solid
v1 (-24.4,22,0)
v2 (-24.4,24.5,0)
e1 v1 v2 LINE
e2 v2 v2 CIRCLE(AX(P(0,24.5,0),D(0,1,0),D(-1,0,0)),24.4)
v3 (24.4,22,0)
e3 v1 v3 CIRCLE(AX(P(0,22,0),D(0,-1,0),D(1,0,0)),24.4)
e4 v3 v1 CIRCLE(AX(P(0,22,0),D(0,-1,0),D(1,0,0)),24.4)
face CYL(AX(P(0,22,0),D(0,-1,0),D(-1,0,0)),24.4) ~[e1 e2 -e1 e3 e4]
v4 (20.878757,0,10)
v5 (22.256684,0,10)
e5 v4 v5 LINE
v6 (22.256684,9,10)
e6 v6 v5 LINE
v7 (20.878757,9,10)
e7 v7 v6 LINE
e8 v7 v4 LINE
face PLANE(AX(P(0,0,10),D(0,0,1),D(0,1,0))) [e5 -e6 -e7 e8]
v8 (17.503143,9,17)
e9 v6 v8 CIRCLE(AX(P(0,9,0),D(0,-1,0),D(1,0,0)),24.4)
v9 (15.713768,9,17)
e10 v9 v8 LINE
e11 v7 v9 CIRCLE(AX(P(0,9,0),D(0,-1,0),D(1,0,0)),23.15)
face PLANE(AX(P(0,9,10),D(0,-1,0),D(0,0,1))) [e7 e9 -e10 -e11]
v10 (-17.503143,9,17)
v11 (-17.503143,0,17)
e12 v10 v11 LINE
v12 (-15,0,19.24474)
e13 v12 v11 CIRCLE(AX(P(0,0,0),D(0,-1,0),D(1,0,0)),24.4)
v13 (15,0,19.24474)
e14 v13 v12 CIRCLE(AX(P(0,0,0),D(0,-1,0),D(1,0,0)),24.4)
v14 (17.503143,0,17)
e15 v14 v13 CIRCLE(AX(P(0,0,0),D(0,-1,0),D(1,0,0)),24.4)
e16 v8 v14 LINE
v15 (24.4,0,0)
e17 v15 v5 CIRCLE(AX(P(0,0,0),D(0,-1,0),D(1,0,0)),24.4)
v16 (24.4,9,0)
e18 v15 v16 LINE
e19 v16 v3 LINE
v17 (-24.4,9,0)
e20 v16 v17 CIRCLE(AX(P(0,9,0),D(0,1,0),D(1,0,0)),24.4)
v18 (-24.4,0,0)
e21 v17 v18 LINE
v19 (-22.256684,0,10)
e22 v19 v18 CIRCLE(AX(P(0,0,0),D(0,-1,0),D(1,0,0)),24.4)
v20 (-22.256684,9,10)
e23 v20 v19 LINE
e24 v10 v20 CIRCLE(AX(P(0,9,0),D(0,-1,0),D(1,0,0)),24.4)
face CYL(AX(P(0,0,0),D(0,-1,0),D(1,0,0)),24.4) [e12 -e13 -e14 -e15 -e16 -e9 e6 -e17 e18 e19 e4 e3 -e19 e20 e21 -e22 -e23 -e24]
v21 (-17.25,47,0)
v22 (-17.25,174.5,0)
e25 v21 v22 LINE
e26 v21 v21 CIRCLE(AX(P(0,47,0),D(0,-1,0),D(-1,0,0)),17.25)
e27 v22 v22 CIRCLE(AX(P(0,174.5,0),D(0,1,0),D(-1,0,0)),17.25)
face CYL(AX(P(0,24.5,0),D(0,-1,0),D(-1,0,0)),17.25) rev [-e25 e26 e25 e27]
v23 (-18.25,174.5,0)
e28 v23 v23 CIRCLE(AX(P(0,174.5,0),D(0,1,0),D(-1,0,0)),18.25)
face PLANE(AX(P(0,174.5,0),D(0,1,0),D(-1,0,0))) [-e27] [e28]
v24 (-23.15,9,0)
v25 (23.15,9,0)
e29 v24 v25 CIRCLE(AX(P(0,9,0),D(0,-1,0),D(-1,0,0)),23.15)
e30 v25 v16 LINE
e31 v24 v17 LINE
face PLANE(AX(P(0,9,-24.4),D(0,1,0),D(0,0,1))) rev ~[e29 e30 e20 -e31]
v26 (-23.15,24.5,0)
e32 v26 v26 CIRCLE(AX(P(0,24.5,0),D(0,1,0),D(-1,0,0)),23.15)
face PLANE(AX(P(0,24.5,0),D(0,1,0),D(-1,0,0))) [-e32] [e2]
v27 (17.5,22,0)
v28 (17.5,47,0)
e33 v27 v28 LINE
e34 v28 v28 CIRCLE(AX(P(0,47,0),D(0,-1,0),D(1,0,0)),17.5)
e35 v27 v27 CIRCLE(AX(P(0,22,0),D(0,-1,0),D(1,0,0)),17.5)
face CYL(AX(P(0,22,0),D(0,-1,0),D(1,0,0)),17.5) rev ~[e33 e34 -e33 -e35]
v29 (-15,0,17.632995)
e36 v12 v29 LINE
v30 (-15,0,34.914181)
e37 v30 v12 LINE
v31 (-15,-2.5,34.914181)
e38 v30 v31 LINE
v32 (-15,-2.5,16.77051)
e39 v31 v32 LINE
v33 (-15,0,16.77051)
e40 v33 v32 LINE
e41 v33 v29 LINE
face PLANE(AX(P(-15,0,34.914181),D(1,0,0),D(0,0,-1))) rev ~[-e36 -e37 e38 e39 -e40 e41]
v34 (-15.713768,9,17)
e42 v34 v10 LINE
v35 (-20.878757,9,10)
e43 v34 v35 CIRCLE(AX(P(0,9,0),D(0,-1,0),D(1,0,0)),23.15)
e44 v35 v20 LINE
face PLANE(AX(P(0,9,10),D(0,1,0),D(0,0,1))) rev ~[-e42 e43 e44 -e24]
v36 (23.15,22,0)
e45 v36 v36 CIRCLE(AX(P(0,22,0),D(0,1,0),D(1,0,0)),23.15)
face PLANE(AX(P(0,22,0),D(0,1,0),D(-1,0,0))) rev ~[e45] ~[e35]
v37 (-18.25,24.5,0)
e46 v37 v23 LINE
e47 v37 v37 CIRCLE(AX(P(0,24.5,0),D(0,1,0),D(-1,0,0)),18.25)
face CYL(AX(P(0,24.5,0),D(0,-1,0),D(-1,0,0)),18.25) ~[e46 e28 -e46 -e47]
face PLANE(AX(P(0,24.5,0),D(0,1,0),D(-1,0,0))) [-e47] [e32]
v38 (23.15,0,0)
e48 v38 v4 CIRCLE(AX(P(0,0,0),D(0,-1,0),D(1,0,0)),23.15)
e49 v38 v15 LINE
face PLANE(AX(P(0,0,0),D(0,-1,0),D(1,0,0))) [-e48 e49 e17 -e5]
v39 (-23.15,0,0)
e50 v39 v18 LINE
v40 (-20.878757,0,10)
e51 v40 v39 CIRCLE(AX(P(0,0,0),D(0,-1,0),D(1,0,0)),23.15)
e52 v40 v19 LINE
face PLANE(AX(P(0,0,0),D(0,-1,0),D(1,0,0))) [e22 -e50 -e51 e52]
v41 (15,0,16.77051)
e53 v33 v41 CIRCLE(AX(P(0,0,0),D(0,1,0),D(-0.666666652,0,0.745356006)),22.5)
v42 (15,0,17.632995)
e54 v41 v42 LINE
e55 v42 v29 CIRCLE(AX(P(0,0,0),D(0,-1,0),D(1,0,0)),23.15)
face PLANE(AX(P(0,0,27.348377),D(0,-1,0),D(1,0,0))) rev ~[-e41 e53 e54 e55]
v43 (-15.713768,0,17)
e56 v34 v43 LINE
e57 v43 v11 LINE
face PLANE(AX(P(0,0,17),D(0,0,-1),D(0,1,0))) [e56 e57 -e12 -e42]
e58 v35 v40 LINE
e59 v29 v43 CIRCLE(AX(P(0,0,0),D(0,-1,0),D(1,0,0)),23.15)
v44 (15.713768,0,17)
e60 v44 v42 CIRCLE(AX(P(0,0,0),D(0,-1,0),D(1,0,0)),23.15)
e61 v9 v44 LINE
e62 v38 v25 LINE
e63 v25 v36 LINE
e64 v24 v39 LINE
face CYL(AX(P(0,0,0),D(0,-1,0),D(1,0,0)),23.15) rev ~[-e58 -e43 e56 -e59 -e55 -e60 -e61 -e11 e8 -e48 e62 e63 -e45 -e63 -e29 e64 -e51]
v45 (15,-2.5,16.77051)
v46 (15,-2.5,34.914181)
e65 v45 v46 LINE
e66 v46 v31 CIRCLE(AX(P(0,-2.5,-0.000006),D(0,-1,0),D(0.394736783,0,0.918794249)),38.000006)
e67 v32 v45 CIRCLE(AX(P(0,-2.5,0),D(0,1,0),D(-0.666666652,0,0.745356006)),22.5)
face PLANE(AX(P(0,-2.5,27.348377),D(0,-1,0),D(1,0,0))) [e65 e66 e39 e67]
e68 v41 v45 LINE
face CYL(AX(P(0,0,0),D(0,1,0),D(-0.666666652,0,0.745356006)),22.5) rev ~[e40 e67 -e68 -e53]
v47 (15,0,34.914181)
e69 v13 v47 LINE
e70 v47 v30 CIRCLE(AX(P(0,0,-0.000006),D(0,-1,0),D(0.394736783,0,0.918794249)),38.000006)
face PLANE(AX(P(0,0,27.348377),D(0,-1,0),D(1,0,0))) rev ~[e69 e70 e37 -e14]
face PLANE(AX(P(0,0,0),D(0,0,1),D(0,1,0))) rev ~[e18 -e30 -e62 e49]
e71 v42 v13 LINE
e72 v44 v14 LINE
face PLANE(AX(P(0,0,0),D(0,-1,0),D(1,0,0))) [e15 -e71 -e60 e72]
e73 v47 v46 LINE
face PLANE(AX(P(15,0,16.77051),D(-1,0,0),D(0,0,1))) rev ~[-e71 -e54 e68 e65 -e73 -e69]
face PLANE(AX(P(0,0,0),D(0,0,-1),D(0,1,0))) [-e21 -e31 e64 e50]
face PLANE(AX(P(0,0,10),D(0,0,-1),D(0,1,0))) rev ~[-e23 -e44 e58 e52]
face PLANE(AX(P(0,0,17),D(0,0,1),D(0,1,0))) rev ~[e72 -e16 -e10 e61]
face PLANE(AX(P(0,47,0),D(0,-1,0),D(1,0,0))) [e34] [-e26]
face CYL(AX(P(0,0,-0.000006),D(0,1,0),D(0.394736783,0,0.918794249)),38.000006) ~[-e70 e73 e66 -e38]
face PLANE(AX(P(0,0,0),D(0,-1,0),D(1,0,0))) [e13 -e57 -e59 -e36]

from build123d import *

# Parameters (mm, degrees)
F0_R      = 24.4
F0_R_2    = 23.15
F1_DEPTH  = 22
F3_DEPTH  = 2.5
F4_W      = 9
F4_H      = 7
F5_DEPTH  = 25
F6_W      = 9
F6_H      = 7
F7_DEPTH  = 25
F8_W      = 9
F8_H      = 24.4
F9_DEPTH  = 25
F10_W     = 9
F10_H     = 24.4
F11_DEPTH = 25
F13_R     = 24.4
F12_R     = 24.4
F12_R_2   = 23.15
F14_DEPTH = 2.5
F15_R     = 18.25
F15_R_2   = 17.25
F16_DEPTH = 150
F17_R     = 17.5
F18_DEPTH = 25


with BuildPart() as f1:
    # F0 (on Front) → F1 (new body)
    with BuildSketch(Plane.XZ):
        Circle(F0_R)
        Circle(F0_R_2, mode=Mode.SUBTRACT)
    extrude(amount=-F1_DEPTH)

    # F2 (on Front) → F3 (join)
    with BuildSketch(Plane.XZ):
        with BuildLine():
            Line((15, 16.77051), (15, 34.914181))
            ThreePointArc((15, 34.914181), (0, 38), (-15, 34.914181))
            Line((-15, 34.914181), (-15, 16.77051))
            ThreePointArc((-15, 16.77051), (0, 22.5), (15, 16.77051))
        make_face()
    extrude(amount=F3_DEPTH)

    # F4 (on Right) → F5 (cut)
    with BuildSketch(Plane.YZ):
        with Locations((4.5, 13.5)):
            Rectangle(F4_W, F4_H)
    extrude(amount=-F5_DEPTH, mode=Mode.SUBTRACT)

    # F6 (on Right) → F7 (cut)
    with BuildSketch(Plane.YZ):
        with Locations((4.5, 13.5)):
            Rectangle(F6_W, F6_H)
    extrude(amount=F7_DEPTH, mode=Mode.SUBTRACT)

    # F8 (on Right) → F9 (cut)
    with BuildSketch(Plane.YZ):
        with Locations((4.5, -12.2)):
            Rectangle(F8_W, F8_H)
    extrude(amount=-F9_DEPTH, mode=Mode.SUBTRACT)

    # F10 (on Right) → F11 (cut)
    with BuildSketch(Plane.YZ):
        with Locations((4.5, -12.2)):
            Rectangle(F10_W, F10_H)
    extrude(amount=F11_DEPTH, mode=Mode.SUBTRACT)

    # F13 (on face) + F12 (on face) → F14 (join)
    with BuildSketch(Plane(origin=(0, 22, 0), x_dir=(-1, 0, 0), z_dir=(0, 1, 0))):
        Circle(F13_R)
    with BuildSketch(Plane(origin=(0, 22, 0), x_dir=(-1, 0, 0), z_dir=(0, 1, 0))):
        Circle(F12_R)
        Circle(F12_R_2, mode=Mode.SUBTRACT)
    extrude(amount=F14_DEPTH)

    # F15 (on face) → F16 (join)
    with BuildSketch(Plane(origin=(0, 24.5, 0), x_dir=(-1, 0, 0), z_dir=(0, 1, 0))):
        Circle(F15_R)
        Circle(F15_R_2, mode=Mode.SUBTRACT)
    extrude(amount=F16_DEPTH)

    # F17 (on face) → F18 (cut)
    with BuildSketch(Plane.XZ.offset(-22)):
        Circle(F17_R)
    extrude(amount=-F18_DEPTH, mode=Mode.SUBTRACT)


solid = f1.part
